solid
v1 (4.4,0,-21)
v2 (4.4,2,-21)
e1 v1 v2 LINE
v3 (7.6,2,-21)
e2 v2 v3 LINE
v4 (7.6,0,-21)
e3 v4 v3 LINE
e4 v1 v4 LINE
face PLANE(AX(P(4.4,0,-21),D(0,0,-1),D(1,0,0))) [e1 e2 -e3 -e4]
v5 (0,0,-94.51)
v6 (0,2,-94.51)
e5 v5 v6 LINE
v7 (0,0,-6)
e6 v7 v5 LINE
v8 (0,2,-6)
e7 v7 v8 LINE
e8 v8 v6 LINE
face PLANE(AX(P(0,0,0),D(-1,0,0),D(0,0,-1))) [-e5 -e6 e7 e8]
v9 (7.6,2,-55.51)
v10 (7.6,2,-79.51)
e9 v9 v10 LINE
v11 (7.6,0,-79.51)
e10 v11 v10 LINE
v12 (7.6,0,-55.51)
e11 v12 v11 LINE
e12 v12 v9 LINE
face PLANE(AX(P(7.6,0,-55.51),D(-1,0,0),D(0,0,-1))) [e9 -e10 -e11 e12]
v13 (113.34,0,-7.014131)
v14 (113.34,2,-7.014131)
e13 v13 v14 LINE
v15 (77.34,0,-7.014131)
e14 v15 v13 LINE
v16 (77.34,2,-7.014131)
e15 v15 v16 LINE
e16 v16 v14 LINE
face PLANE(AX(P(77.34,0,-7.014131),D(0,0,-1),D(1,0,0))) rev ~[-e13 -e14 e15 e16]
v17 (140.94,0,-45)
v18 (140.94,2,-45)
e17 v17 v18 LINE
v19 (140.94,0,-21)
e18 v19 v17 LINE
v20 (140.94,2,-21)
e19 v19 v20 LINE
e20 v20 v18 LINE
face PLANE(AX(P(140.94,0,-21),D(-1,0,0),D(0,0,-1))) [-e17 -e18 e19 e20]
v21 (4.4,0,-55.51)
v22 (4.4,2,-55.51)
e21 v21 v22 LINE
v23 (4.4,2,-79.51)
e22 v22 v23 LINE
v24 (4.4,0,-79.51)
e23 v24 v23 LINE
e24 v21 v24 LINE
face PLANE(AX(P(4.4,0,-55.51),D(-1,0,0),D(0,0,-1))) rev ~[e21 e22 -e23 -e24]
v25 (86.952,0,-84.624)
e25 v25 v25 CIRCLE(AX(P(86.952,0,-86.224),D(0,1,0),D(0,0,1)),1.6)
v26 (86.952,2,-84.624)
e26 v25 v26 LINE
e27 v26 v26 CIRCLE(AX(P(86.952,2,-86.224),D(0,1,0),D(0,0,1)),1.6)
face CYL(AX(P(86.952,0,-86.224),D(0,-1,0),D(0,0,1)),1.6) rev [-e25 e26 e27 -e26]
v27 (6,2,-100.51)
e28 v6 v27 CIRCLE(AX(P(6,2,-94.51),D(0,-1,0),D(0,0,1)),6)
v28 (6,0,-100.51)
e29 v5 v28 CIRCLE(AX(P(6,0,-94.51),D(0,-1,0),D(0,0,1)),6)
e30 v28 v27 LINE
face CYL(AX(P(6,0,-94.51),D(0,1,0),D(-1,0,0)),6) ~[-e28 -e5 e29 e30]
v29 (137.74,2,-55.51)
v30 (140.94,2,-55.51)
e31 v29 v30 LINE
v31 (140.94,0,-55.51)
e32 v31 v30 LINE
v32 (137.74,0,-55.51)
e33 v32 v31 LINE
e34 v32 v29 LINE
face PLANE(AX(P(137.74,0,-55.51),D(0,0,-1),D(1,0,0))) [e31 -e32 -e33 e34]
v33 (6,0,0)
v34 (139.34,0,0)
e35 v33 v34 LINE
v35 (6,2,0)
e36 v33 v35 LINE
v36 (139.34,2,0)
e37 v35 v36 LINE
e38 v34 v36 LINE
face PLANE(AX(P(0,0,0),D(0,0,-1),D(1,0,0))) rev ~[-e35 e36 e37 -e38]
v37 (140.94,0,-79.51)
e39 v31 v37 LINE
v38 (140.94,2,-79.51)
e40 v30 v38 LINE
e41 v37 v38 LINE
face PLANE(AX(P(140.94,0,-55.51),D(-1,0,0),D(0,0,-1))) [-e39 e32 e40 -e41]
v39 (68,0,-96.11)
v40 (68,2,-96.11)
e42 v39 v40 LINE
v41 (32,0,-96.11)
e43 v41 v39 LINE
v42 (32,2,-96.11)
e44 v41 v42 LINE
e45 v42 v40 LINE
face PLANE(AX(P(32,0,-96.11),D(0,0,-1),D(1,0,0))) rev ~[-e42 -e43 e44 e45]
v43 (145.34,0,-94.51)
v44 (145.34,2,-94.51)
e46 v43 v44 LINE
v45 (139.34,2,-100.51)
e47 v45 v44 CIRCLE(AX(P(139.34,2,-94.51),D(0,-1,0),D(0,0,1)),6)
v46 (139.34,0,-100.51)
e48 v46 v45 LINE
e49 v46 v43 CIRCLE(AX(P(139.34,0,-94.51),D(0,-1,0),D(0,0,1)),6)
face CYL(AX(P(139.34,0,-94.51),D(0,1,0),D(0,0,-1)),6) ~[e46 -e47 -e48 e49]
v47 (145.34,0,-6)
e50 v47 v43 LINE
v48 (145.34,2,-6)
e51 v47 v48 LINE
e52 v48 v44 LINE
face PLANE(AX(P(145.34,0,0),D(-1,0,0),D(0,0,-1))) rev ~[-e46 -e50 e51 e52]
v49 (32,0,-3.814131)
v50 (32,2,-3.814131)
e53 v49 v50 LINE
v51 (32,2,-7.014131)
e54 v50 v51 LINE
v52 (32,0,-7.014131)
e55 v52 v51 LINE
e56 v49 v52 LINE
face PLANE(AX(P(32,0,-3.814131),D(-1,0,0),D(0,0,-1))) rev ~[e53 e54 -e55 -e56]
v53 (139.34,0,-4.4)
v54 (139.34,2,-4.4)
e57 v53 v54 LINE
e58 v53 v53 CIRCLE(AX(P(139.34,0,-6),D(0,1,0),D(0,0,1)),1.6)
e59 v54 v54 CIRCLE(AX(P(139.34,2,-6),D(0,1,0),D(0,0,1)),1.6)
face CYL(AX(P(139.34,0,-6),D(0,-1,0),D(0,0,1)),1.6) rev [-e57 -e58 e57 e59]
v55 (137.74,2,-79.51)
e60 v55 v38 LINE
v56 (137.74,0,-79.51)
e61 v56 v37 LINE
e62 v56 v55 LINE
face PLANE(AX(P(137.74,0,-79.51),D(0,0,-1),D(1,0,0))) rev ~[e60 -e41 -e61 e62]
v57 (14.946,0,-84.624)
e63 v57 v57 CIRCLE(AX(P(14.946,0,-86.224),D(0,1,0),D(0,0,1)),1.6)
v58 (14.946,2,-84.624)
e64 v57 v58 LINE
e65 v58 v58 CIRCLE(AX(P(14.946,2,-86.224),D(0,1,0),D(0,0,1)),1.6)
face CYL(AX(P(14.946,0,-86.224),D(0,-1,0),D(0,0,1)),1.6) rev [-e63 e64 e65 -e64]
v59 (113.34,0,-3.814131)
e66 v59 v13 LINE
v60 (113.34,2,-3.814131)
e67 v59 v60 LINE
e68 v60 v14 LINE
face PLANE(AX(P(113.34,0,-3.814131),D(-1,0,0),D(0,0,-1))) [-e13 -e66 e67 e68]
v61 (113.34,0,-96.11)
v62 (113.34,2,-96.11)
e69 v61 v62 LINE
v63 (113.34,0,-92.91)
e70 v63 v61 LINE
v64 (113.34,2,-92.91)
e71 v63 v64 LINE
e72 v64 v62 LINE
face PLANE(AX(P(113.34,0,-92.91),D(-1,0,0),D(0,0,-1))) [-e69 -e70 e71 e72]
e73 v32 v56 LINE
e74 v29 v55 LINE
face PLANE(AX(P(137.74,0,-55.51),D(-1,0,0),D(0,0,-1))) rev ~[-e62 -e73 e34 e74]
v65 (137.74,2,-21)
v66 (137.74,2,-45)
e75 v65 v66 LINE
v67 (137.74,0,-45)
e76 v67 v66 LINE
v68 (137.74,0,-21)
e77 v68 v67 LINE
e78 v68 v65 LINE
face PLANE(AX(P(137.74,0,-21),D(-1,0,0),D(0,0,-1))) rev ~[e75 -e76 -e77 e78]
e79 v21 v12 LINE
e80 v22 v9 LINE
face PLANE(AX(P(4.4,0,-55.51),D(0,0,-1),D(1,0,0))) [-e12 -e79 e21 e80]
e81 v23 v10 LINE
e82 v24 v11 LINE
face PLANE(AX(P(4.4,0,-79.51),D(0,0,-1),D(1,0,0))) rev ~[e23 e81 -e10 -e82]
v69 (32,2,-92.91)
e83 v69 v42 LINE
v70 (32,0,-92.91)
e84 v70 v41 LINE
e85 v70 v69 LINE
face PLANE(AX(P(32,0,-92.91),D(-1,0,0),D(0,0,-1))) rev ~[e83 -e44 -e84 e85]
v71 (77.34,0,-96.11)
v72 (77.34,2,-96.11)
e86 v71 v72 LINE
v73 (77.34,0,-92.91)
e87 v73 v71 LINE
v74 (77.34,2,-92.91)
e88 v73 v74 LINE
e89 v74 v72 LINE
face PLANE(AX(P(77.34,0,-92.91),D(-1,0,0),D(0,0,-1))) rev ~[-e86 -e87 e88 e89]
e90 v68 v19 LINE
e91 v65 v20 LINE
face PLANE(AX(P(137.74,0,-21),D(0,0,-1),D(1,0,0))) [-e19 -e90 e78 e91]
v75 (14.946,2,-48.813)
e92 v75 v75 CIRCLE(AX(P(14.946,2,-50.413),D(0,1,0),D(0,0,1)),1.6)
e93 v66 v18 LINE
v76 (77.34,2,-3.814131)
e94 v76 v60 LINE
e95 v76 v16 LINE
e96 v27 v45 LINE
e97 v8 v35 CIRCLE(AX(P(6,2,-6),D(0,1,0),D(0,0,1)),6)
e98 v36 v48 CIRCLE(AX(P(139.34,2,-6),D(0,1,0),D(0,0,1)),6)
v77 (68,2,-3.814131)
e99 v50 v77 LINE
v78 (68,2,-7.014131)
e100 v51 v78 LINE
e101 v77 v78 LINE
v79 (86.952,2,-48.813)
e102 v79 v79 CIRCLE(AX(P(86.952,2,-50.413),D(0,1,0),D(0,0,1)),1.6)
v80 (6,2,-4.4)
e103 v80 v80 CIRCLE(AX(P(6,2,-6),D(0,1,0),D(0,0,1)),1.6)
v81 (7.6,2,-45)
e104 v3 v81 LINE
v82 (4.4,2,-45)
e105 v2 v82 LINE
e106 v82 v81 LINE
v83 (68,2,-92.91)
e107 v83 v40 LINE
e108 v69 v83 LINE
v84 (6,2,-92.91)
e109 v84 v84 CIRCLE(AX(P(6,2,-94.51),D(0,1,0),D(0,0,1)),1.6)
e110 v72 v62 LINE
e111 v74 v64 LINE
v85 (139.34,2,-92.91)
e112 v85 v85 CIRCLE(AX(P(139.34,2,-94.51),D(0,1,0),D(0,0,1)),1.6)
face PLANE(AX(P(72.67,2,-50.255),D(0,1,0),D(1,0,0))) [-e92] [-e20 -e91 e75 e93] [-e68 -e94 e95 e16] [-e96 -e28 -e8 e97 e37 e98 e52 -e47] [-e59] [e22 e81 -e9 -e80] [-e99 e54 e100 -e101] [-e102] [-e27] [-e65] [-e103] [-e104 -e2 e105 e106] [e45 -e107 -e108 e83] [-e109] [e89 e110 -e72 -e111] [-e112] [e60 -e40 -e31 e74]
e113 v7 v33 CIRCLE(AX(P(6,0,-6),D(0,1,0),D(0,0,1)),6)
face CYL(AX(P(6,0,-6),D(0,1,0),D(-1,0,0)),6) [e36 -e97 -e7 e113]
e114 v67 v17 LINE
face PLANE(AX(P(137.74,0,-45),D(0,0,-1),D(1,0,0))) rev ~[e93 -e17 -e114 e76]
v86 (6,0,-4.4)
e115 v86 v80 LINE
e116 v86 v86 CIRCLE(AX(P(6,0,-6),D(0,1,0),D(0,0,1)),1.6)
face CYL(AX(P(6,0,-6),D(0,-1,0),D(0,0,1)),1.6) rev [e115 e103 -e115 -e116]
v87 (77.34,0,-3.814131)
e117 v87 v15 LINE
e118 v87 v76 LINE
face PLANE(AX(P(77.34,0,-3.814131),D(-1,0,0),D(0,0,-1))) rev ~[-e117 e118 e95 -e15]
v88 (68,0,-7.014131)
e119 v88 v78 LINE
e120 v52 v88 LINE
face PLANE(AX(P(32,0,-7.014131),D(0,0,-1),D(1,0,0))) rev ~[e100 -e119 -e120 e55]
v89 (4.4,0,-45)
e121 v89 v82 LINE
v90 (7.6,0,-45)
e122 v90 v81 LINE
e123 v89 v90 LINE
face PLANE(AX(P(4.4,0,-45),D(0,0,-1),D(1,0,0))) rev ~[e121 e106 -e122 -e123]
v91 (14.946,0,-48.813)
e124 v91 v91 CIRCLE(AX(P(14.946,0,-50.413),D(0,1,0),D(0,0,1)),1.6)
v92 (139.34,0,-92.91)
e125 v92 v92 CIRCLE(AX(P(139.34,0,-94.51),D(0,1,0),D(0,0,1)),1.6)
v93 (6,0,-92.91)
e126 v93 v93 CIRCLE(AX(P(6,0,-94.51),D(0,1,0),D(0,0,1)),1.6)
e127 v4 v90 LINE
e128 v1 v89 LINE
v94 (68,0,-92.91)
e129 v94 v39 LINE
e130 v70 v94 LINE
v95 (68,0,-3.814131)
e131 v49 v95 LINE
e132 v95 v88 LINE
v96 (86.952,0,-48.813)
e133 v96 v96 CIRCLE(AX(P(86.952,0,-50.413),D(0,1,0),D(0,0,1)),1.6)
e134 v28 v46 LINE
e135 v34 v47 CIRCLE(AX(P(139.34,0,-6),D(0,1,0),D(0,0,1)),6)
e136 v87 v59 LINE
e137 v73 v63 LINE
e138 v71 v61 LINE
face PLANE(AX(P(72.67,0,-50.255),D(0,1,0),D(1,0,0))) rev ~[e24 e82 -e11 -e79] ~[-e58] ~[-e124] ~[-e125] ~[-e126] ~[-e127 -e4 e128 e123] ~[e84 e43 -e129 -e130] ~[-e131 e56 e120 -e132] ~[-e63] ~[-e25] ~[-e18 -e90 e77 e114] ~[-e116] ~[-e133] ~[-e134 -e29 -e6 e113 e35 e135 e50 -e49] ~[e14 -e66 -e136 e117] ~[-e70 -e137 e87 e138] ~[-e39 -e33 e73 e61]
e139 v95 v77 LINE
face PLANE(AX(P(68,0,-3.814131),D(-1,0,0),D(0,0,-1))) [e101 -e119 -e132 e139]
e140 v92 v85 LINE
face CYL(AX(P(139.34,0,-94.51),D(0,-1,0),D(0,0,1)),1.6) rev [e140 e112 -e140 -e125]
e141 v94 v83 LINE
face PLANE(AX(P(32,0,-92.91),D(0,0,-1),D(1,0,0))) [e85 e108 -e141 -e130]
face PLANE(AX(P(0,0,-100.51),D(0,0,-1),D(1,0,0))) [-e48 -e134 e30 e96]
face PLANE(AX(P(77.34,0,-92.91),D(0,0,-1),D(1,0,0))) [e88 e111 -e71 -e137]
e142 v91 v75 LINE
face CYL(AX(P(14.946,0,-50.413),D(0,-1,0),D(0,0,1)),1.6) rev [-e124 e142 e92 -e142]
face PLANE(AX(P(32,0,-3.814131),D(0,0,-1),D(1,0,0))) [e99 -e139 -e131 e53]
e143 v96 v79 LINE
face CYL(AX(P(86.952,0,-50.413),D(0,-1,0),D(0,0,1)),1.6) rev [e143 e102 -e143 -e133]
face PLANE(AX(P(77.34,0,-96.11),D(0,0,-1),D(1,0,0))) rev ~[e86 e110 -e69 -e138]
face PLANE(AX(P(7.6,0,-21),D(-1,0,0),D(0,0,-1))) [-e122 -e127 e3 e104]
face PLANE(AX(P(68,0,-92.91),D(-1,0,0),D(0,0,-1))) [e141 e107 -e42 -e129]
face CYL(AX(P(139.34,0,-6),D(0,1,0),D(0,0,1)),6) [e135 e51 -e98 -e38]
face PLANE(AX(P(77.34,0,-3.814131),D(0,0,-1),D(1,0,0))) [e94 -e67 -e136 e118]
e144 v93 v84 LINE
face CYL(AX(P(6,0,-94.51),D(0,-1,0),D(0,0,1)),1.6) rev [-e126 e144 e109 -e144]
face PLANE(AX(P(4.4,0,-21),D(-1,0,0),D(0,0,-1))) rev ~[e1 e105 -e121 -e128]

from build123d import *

# Parameters (mm, degrees)
SKETCH1_W           = 145.34
SKETCH1_H           = 100.51
SKETCH1_R           = 1.6
SKETCH1_W_2         = 36
SKETCH1_H_2         = 3.2
SKETCH1_W_3         = 3.2
SKETCH1_H_3         = 24
BOSS_EXTRUDE1_DEPTH = 2
FILLET1_R           = 6
FILLET2_R           = 6
FILLET3_R           = 6


with BuildPart() as part:
    # Sketch1 → Boss-Extrude1 (new body)
    with BuildSketch(Plane(origin=(0, 0, 0), x_dir=(1, 0, 0), z_dir=(0, 1, 0))):
        with Locations((72.67, 50.255)):
            Rectangle(SKETCH1_W, SKETCH1_H)
        with Locations(Location((14.946, 86.224, 0), (0, 0, 270))):
            Circle(SKETCH1_R, mode=Mode.SUBTRACT)
        with Locations(Location((86.952, 86.224, 0), (0, 0, 270))):
            Circle(SKETCH1_R, mode=Mode.SUBTRACT)
        with Locations(Location((86.952, 50.413, 0), (0, 0, 270))):
            Circle(SKETCH1_R, mode=Mode.SUBTRACT)
        with Locations(Location((14.946, 50.413, 0), (0, 0, 270))):
            Circle(SKETCH1_R, mode=Mode.SUBTRACT)
        with Locations(Location((6, 94.51, 0), (0, 0, 270))):
            Circle(SKETCH1_R, mode=Mode.SUBTRACT)
        with Locations(Location((139.34, 94.51, 0), (0, 0, 270))):
            Circle(SKETCH1_R, mode=Mode.SUBTRACT)
        with Locations(Location((139.34, 6, 0), (0, 0, 270))):
            Circle(SKETCH1_R, mode=Mode.SUBTRACT)
        with Locations(Location((6, 6, 0), (0, 0, 270))):
            Circle(SKETCH1_R, mode=Mode.SUBTRACT)
        with Locations((50, 5.414130674)):
            Rectangle(SKETCH1_W_2, SKETCH1_H_2, mode=Mode.SUBTRACT)
        with Locations((50, 94.51)):
            Rectangle(SKETCH1_W_2, SKETCH1_H_2, mode=Mode.SUBTRACT)
        with Locations((95.34, 94.51)):
            Rectangle(SKETCH1_W_2, SKETCH1_H_2, mode=Mode.SUBTRACT)
        with Locations((95.34, 5.414130674)):
            Rectangle(SKETCH1_W_2, SKETCH1_H_2, mode=Mode.SUBTRACT)
        with Locations((6, 67.51)):
            Rectangle(SKETCH1_W_3, SKETCH1_H_3, mode=Mode.SUBTRACT)
        with Locations((6, 33)):
            Rectangle(SKETCH1_W_3, SKETCH1_H_3, mode=Mode.SUBTRACT)
        with Locations((139.34, 67.51)):
            Rectangle(SKETCH1_W_3, SKETCH1_H_3, mode=Mode.SUBTRACT)
        with Locations((139.34, 33)):
            Rectangle(SKETCH1_W_3, SKETCH1_H_3, mode=Mode.SUBTRACT)
    extrude(amount=BOSS_EXTRUDE1_DEPTH)

    # Fillet1
    fillet1_edges = [part.edges().sort_by_distance(p)[0] for p in [
        (0, 1, -100.51),
    ]]
    fillet(fillet1_edges, radius=FILLET1_R)

    # Fillet2
    fillet2_edges = [part.edges().sort_by_distance(p)[0] for p in [
        (0, 1, 0),
    ]]
    fillet(fillet2_edges, radius=FILLET2_R)

    # Fillet3
    fillet3_edges = [part.edges().sort_by_distance(p)[0] for p in [
        (145.34, 1, -100.51),
        (145.34, 1, 0),
    ]]
    fillet(fillet3_edges, radius=FILLET3_R)


solid = part.part
